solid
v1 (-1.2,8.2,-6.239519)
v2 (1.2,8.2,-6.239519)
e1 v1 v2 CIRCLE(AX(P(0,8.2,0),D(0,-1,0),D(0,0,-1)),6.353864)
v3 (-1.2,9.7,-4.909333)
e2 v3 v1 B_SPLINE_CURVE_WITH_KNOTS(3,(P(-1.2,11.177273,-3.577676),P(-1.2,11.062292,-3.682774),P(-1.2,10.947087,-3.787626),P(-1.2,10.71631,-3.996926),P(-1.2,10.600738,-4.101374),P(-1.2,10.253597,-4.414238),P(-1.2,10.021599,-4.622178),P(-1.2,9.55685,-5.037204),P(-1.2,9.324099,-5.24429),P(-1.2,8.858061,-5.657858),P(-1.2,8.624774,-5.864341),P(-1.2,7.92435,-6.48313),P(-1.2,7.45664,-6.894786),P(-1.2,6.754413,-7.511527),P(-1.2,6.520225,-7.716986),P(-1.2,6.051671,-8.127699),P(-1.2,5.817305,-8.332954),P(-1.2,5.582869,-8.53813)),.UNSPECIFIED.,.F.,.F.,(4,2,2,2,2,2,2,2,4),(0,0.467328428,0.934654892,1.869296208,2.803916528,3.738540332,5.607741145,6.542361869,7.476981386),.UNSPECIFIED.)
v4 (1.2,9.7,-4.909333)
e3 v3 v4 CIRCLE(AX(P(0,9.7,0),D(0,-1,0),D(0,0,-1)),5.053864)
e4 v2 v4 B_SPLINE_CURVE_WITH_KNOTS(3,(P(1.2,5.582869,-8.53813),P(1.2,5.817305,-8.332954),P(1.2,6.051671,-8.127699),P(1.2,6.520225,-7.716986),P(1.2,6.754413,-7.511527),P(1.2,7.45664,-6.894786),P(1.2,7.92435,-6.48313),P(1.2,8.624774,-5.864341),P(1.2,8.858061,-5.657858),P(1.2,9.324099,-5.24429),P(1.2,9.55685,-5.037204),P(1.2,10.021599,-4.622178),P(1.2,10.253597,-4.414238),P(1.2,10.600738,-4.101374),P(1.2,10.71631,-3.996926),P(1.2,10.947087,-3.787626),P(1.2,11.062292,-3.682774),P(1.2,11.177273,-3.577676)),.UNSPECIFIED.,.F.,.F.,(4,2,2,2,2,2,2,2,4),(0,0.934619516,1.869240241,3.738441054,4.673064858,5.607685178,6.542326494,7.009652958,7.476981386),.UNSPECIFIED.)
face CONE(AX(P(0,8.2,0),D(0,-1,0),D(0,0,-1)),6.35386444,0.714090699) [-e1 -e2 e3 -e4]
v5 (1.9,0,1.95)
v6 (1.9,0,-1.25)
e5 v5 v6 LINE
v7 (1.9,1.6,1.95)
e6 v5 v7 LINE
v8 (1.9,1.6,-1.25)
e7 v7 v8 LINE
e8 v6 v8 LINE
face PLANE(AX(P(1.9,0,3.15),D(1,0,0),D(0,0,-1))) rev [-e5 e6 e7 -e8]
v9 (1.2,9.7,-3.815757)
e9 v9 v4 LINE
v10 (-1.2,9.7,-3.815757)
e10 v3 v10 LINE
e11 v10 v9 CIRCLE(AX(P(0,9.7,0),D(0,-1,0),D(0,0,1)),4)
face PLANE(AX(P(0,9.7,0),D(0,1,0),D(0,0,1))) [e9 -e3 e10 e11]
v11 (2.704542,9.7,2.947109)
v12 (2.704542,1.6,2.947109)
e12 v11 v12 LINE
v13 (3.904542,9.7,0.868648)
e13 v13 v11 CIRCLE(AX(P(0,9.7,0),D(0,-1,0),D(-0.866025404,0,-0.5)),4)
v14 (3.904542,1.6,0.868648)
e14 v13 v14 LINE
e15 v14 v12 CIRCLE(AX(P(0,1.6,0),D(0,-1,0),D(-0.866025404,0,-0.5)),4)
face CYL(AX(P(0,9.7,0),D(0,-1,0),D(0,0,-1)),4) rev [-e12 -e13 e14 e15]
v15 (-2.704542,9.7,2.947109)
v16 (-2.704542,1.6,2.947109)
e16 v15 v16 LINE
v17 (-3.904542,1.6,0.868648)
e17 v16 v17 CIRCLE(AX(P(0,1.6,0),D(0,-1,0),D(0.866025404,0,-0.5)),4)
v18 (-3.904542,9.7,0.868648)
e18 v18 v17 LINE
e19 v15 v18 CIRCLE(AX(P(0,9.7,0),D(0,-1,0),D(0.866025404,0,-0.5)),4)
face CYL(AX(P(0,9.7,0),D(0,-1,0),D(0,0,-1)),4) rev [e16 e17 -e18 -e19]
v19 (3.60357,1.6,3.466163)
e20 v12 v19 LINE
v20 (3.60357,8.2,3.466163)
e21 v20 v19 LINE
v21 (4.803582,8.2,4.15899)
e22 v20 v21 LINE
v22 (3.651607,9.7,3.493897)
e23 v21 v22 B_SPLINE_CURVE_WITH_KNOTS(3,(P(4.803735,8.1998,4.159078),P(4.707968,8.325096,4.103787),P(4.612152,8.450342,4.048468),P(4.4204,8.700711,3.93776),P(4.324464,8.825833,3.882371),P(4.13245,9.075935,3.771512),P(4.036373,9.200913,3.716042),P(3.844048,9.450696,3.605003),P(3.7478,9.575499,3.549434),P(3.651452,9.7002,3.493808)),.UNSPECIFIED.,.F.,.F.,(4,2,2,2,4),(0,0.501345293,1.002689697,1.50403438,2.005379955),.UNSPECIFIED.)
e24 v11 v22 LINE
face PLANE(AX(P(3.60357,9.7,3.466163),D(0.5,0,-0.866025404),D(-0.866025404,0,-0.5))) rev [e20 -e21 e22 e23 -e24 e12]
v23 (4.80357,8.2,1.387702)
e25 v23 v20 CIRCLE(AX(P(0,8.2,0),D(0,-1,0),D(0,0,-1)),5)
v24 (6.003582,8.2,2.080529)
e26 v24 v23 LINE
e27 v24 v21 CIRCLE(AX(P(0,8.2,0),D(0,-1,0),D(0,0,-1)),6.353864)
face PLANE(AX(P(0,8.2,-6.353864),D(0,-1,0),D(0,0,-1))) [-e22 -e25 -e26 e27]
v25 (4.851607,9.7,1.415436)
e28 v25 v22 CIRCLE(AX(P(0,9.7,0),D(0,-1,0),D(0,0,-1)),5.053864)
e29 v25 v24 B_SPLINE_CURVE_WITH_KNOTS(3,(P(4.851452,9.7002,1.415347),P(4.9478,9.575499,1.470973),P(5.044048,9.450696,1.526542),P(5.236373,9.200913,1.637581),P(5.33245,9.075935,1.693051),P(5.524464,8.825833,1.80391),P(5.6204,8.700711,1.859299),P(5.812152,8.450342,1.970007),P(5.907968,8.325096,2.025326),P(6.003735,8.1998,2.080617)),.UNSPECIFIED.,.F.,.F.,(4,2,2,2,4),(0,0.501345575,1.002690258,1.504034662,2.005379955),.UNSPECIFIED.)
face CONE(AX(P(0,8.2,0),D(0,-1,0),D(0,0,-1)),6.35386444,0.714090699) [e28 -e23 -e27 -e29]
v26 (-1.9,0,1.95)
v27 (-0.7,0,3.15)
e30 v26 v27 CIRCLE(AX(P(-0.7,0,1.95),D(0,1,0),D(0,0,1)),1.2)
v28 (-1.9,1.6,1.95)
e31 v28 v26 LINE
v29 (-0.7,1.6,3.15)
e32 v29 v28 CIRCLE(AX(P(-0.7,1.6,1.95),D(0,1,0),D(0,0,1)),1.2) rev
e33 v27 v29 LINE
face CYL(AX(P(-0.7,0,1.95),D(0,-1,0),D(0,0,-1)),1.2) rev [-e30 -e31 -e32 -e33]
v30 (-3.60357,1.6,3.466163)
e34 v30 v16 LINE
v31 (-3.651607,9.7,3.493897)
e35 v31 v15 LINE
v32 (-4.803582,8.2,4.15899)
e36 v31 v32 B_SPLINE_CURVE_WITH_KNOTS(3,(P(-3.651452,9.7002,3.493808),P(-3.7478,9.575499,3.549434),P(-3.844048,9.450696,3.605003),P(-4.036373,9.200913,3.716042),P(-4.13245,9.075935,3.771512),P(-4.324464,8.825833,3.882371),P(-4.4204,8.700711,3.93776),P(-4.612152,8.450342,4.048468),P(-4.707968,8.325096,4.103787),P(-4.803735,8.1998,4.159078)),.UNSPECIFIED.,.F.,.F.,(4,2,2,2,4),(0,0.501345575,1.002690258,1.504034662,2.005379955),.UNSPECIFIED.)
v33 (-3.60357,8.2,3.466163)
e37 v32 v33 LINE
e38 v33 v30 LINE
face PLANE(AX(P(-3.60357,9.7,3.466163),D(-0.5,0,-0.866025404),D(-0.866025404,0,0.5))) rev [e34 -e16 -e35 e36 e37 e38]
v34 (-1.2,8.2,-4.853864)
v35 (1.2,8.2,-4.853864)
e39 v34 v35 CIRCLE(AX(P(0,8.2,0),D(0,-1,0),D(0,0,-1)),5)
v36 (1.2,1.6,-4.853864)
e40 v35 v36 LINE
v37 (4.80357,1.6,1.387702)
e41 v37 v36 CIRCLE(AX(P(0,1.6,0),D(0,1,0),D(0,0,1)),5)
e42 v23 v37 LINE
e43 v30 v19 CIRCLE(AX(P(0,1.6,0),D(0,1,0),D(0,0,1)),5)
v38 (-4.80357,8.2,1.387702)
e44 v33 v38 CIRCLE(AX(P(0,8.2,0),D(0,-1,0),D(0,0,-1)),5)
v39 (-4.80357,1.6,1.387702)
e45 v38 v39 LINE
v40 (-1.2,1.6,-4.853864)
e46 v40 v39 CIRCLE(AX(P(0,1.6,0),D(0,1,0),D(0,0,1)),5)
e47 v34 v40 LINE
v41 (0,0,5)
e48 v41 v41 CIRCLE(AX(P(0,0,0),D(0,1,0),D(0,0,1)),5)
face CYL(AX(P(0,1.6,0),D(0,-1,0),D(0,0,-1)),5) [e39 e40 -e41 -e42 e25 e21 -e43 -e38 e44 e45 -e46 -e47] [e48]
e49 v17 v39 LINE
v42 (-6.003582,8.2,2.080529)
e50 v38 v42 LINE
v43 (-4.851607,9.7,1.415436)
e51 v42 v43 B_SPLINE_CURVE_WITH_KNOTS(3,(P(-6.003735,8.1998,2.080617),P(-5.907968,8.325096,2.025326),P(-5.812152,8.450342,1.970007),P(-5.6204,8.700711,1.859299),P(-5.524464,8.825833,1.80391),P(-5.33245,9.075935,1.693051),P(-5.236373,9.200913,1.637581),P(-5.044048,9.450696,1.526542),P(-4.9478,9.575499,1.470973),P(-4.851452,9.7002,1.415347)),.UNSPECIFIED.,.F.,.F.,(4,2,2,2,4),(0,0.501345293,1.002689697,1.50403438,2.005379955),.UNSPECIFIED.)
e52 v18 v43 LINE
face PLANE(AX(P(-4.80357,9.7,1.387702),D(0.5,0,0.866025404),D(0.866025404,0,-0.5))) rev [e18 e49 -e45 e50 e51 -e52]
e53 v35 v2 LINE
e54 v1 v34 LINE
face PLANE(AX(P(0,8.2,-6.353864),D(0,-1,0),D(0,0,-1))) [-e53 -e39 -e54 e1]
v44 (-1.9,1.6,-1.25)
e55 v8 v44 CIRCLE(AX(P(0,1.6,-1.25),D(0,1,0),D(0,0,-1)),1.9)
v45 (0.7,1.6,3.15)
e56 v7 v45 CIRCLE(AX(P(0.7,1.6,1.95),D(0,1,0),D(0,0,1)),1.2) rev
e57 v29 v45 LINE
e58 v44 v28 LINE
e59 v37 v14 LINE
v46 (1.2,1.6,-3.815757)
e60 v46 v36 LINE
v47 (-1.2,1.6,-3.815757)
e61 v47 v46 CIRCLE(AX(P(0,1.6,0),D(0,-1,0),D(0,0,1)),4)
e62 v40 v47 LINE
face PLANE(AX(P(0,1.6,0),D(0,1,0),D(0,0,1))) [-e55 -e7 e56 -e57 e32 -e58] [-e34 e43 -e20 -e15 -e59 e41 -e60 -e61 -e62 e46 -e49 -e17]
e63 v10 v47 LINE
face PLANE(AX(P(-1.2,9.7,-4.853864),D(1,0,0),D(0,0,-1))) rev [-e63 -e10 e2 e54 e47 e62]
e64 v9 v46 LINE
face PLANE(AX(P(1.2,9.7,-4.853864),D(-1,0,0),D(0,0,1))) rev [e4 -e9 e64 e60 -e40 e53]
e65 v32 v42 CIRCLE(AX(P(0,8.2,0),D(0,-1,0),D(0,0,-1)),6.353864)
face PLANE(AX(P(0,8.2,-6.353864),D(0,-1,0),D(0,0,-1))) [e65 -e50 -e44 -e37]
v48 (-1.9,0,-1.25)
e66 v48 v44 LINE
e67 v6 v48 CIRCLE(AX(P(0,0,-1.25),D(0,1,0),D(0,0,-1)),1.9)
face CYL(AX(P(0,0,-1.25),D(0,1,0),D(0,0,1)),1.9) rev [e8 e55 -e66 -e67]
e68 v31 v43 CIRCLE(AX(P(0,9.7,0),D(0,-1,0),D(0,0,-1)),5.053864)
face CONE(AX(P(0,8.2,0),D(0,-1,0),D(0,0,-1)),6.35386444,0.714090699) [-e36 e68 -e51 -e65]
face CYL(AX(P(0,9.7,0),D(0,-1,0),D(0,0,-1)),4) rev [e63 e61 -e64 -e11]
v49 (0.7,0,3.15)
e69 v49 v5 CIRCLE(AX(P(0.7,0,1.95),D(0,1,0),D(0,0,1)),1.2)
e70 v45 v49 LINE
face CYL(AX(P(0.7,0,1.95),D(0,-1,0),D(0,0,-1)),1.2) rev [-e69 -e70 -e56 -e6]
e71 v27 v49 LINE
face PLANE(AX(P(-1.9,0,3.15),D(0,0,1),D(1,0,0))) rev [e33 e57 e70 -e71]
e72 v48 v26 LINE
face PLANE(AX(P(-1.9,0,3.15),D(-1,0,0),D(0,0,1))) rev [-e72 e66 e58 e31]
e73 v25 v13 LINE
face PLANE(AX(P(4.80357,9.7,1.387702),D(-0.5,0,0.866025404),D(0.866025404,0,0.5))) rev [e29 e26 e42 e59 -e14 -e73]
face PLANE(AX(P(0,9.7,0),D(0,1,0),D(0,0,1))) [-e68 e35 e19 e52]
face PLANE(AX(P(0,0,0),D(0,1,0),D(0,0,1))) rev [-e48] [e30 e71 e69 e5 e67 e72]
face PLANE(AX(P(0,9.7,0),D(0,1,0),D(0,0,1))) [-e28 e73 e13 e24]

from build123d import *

# Parameters (mm, degrees)
SKETCH1_R           = 5
BOSS_EXTRUDE1_DEPTH = 1.6
BOSS_EXTRUDE2_DEPTH = 8.1
CIRPATTERN3_COUNT   = 3
CUT_EXTRUDE2_DEPTH  = 13.097652285
CUT_EXTRUDE3_DEPTH  = 13.164834188
CUT_EXTRUDE4_DEPTH  = 12.917406966
FILLET1_R           = 1.2


with BuildPart() as part:
    # Sketch1 → Boss-Extrude1 (new body)
    with BuildSketch(Plane(origin=(0, 0, 0), x_dir=(1, 0, 0), z_dir=(0, 1, 0))):
        with Locations(Location((0, 0, 0), (0, 0, 270))):
            Circle(SKETCH1_R)
    extrude(amount=BOSS_EXTRUDE1_DEPTH)

    # Sketch2 → Boss-Extrude2 (add)
    with BuildSketch(Plane(origin=(0, 1.6, 0), x_dir=(1, 0, 0), z_dir=(0, 1, 0))):
        with BuildLine():
            Line((-1.2, 4.85386444), (-1.2, 3.815756806))
            ThreePointArc((-1.2, 3.815756806), (0, 4), (1.2, 3.815756806))
            Line((1.2, 3.815756806), (1.2, 4.85386444))
            ThreePointArc((1.2, 4.85386444), (0, 5), (-1.2, 4.85386444))
        make_face()
    boss_extrude2 = extrude(amount=BOSS_EXTRUDE2_DEPTH)

    # CirPattern3: Boss-Extrude2 ×3 about axis
    cirpattern3_axis = Axis((0, 0, 0), (0, 1, 0))
    for i in range(1, CIRPATTERN3_COUNT):
        add(boss_extrude2.rotate(cirpattern3_axis, i * 360 / CIRPATTERN3_COUNT))

    # Sweep3: sweep along a path in Sketch6
    with BuildLine(Plane(origin=(0, 9.7, 0), x_dir=(1, 0, 0), z_dir=(0, 1, 0))) as sweep3_path:
        CenterArc((0, 0), 5, 0, 360)
    # Sketch3 → Sweep3 (sweep)
    with BuildSketch(Plane(origin=(0, 0, 0), x_dir=(0, 0, -1), z_dir=(1, 0, 0))):
        Polygon((5.05386444, 9.7), (6.35386444, 8.2), (4.85386444, 8.2), (4.85386444, 9.7), align=None)
    sweep(path=sweep3_path.line)

    # Sketch7 → Cut-Extrude2 (cut, through all)
    with BuildSketch(Plane(origin=(0, 1.6, 0), x_dir=(1, 0, 0), z_dir=(0, 1, 0))):
        with BuildLine():
            Line((-3.904542328, -0.868647918), (-4.803569911, -1.387701735))
            ThreePointArc((-4.803569911, -1.387701735), (-4.330127019, 2.5), (-1.2, 4.85386444))
            Line((-1.2, 4.85386444), (-1.2, 3.815756806))
            ThreePointArc((-1.2, 3.815756806), (0, 4), (1.2, 3.815756806))
            Line((1.2, 3.815756806), (1.2, 4.85386444))
            ThreePointArc((1.2, 4.85386444), (4.330127019, 2.5), (4.803569911, -1.387701735))
            Line((4.803569911, -1.387701735), (3.904542328, -0.868647918))
            ThreePointArc((3.904542328, -0.868647918), (3.464101615, -2), (2.704542328, -2.947108887))
            Line((2.704542328, -2.947108887), (3.603569911, -3.466162704))
            ThreePointArc((3.603569911, -3.466162704), (0, -5), (-3.603569911, -3.466162704))
            Line((-3.603569911, -3.466162704), (-2.704542328, -2.947108887))
            ThreePointArc((-2.704542328, -2.947108887), (-3.464101615, -2), (-3.904542328, -0.868647918))
        make_face()
    extrude(amount=CUT_EXTRUDE2_DEPTH, mode=Mode.SUBTRACT)

    # Sketch8 → Cut-Extrude3 (cut, through all)
    with BuildSketch(Plane.XZ.offset(-8.2)):
        with BuildLine():
            Line((-3.603569911, 3.466162704), (-4.803581682, 4.158989823))
            ThreePointArc((-4.803581682, 4.158989823), (0, 6.35386444), (4.803581682, 4.158989823))
            Line((4.803581682, 4.158989823), (3.603569911, 3.466162704))
            ThreePointArc((3.603569911, 3.466162704), (0, 5), (-3.603569911, 3.466162704))
        make_face()
        with BuildLine():
            Line((-6.003581682, 2.080528854), (-4.803569911, 1.387701735))
            ThreePointArc((-4.803569911, 1.387701735), (-4.330127019, -2.5), (-1.2, -4.85386444))
            Line((-1.2, -4.85386444), (-1.2, -6.239518677))
            ThreePointArc((-1.2, -6.239518677), (-5.502608017, -3.17693222), (-6.003581682, 2.080528854))
        make_face()
        with BuildLine():
            Line((1.2, -6.239518677), (1.2, -4.85386444))
            ThreePointArc((1.2, -4.85386444), (4.330127019, -2.5), (4.803569911, 1.387701735))
            Line((4.803569911, 1.387701735), (6.003581682, 2.080528854))
            ThreePointArc((6.003581682, 2.080528854), (5.502608017, -3.17693222), (1.2, -6.239518677))
        make_face()
    extrude(amount=-CUT_EXTRUDE3_DEPTH, mode=Mode.SUBTRACT)

    # Sketch9 → Cut-Extrude4 (cut, through all)
    with BuildSketch(Plane(origin=(0, 1.6, 0), x_dir=(1, 0, 0), z_dir=(0, 1, 0))):
        with BuildLine():
            Line((1.9, -3.15), (1.9, 1.25))
            ThreePointArc((1.9, 1.25), (0, 3.15), (-1.9, 1.25))
            Line((-1.9, 1.25), (-1.9, -3.15))
            Line((-1.9, -3.15), (1.9, -3.15))
        make_face()
    extrude(amount=-CUT_EXTRUDE4_DEPTH, mode=Mode.SUBTRACT)

    # Fillet1
    fillet1_edges = [part.edges().sort_by_distance(p)[0] for p in [
        (1.9, 0.8, 3.15),
        (-1.9, 0.8, 3.15),
    ]]
    fillet(fillet1_edges, radius=FILLET1_R)


solid = part.part
